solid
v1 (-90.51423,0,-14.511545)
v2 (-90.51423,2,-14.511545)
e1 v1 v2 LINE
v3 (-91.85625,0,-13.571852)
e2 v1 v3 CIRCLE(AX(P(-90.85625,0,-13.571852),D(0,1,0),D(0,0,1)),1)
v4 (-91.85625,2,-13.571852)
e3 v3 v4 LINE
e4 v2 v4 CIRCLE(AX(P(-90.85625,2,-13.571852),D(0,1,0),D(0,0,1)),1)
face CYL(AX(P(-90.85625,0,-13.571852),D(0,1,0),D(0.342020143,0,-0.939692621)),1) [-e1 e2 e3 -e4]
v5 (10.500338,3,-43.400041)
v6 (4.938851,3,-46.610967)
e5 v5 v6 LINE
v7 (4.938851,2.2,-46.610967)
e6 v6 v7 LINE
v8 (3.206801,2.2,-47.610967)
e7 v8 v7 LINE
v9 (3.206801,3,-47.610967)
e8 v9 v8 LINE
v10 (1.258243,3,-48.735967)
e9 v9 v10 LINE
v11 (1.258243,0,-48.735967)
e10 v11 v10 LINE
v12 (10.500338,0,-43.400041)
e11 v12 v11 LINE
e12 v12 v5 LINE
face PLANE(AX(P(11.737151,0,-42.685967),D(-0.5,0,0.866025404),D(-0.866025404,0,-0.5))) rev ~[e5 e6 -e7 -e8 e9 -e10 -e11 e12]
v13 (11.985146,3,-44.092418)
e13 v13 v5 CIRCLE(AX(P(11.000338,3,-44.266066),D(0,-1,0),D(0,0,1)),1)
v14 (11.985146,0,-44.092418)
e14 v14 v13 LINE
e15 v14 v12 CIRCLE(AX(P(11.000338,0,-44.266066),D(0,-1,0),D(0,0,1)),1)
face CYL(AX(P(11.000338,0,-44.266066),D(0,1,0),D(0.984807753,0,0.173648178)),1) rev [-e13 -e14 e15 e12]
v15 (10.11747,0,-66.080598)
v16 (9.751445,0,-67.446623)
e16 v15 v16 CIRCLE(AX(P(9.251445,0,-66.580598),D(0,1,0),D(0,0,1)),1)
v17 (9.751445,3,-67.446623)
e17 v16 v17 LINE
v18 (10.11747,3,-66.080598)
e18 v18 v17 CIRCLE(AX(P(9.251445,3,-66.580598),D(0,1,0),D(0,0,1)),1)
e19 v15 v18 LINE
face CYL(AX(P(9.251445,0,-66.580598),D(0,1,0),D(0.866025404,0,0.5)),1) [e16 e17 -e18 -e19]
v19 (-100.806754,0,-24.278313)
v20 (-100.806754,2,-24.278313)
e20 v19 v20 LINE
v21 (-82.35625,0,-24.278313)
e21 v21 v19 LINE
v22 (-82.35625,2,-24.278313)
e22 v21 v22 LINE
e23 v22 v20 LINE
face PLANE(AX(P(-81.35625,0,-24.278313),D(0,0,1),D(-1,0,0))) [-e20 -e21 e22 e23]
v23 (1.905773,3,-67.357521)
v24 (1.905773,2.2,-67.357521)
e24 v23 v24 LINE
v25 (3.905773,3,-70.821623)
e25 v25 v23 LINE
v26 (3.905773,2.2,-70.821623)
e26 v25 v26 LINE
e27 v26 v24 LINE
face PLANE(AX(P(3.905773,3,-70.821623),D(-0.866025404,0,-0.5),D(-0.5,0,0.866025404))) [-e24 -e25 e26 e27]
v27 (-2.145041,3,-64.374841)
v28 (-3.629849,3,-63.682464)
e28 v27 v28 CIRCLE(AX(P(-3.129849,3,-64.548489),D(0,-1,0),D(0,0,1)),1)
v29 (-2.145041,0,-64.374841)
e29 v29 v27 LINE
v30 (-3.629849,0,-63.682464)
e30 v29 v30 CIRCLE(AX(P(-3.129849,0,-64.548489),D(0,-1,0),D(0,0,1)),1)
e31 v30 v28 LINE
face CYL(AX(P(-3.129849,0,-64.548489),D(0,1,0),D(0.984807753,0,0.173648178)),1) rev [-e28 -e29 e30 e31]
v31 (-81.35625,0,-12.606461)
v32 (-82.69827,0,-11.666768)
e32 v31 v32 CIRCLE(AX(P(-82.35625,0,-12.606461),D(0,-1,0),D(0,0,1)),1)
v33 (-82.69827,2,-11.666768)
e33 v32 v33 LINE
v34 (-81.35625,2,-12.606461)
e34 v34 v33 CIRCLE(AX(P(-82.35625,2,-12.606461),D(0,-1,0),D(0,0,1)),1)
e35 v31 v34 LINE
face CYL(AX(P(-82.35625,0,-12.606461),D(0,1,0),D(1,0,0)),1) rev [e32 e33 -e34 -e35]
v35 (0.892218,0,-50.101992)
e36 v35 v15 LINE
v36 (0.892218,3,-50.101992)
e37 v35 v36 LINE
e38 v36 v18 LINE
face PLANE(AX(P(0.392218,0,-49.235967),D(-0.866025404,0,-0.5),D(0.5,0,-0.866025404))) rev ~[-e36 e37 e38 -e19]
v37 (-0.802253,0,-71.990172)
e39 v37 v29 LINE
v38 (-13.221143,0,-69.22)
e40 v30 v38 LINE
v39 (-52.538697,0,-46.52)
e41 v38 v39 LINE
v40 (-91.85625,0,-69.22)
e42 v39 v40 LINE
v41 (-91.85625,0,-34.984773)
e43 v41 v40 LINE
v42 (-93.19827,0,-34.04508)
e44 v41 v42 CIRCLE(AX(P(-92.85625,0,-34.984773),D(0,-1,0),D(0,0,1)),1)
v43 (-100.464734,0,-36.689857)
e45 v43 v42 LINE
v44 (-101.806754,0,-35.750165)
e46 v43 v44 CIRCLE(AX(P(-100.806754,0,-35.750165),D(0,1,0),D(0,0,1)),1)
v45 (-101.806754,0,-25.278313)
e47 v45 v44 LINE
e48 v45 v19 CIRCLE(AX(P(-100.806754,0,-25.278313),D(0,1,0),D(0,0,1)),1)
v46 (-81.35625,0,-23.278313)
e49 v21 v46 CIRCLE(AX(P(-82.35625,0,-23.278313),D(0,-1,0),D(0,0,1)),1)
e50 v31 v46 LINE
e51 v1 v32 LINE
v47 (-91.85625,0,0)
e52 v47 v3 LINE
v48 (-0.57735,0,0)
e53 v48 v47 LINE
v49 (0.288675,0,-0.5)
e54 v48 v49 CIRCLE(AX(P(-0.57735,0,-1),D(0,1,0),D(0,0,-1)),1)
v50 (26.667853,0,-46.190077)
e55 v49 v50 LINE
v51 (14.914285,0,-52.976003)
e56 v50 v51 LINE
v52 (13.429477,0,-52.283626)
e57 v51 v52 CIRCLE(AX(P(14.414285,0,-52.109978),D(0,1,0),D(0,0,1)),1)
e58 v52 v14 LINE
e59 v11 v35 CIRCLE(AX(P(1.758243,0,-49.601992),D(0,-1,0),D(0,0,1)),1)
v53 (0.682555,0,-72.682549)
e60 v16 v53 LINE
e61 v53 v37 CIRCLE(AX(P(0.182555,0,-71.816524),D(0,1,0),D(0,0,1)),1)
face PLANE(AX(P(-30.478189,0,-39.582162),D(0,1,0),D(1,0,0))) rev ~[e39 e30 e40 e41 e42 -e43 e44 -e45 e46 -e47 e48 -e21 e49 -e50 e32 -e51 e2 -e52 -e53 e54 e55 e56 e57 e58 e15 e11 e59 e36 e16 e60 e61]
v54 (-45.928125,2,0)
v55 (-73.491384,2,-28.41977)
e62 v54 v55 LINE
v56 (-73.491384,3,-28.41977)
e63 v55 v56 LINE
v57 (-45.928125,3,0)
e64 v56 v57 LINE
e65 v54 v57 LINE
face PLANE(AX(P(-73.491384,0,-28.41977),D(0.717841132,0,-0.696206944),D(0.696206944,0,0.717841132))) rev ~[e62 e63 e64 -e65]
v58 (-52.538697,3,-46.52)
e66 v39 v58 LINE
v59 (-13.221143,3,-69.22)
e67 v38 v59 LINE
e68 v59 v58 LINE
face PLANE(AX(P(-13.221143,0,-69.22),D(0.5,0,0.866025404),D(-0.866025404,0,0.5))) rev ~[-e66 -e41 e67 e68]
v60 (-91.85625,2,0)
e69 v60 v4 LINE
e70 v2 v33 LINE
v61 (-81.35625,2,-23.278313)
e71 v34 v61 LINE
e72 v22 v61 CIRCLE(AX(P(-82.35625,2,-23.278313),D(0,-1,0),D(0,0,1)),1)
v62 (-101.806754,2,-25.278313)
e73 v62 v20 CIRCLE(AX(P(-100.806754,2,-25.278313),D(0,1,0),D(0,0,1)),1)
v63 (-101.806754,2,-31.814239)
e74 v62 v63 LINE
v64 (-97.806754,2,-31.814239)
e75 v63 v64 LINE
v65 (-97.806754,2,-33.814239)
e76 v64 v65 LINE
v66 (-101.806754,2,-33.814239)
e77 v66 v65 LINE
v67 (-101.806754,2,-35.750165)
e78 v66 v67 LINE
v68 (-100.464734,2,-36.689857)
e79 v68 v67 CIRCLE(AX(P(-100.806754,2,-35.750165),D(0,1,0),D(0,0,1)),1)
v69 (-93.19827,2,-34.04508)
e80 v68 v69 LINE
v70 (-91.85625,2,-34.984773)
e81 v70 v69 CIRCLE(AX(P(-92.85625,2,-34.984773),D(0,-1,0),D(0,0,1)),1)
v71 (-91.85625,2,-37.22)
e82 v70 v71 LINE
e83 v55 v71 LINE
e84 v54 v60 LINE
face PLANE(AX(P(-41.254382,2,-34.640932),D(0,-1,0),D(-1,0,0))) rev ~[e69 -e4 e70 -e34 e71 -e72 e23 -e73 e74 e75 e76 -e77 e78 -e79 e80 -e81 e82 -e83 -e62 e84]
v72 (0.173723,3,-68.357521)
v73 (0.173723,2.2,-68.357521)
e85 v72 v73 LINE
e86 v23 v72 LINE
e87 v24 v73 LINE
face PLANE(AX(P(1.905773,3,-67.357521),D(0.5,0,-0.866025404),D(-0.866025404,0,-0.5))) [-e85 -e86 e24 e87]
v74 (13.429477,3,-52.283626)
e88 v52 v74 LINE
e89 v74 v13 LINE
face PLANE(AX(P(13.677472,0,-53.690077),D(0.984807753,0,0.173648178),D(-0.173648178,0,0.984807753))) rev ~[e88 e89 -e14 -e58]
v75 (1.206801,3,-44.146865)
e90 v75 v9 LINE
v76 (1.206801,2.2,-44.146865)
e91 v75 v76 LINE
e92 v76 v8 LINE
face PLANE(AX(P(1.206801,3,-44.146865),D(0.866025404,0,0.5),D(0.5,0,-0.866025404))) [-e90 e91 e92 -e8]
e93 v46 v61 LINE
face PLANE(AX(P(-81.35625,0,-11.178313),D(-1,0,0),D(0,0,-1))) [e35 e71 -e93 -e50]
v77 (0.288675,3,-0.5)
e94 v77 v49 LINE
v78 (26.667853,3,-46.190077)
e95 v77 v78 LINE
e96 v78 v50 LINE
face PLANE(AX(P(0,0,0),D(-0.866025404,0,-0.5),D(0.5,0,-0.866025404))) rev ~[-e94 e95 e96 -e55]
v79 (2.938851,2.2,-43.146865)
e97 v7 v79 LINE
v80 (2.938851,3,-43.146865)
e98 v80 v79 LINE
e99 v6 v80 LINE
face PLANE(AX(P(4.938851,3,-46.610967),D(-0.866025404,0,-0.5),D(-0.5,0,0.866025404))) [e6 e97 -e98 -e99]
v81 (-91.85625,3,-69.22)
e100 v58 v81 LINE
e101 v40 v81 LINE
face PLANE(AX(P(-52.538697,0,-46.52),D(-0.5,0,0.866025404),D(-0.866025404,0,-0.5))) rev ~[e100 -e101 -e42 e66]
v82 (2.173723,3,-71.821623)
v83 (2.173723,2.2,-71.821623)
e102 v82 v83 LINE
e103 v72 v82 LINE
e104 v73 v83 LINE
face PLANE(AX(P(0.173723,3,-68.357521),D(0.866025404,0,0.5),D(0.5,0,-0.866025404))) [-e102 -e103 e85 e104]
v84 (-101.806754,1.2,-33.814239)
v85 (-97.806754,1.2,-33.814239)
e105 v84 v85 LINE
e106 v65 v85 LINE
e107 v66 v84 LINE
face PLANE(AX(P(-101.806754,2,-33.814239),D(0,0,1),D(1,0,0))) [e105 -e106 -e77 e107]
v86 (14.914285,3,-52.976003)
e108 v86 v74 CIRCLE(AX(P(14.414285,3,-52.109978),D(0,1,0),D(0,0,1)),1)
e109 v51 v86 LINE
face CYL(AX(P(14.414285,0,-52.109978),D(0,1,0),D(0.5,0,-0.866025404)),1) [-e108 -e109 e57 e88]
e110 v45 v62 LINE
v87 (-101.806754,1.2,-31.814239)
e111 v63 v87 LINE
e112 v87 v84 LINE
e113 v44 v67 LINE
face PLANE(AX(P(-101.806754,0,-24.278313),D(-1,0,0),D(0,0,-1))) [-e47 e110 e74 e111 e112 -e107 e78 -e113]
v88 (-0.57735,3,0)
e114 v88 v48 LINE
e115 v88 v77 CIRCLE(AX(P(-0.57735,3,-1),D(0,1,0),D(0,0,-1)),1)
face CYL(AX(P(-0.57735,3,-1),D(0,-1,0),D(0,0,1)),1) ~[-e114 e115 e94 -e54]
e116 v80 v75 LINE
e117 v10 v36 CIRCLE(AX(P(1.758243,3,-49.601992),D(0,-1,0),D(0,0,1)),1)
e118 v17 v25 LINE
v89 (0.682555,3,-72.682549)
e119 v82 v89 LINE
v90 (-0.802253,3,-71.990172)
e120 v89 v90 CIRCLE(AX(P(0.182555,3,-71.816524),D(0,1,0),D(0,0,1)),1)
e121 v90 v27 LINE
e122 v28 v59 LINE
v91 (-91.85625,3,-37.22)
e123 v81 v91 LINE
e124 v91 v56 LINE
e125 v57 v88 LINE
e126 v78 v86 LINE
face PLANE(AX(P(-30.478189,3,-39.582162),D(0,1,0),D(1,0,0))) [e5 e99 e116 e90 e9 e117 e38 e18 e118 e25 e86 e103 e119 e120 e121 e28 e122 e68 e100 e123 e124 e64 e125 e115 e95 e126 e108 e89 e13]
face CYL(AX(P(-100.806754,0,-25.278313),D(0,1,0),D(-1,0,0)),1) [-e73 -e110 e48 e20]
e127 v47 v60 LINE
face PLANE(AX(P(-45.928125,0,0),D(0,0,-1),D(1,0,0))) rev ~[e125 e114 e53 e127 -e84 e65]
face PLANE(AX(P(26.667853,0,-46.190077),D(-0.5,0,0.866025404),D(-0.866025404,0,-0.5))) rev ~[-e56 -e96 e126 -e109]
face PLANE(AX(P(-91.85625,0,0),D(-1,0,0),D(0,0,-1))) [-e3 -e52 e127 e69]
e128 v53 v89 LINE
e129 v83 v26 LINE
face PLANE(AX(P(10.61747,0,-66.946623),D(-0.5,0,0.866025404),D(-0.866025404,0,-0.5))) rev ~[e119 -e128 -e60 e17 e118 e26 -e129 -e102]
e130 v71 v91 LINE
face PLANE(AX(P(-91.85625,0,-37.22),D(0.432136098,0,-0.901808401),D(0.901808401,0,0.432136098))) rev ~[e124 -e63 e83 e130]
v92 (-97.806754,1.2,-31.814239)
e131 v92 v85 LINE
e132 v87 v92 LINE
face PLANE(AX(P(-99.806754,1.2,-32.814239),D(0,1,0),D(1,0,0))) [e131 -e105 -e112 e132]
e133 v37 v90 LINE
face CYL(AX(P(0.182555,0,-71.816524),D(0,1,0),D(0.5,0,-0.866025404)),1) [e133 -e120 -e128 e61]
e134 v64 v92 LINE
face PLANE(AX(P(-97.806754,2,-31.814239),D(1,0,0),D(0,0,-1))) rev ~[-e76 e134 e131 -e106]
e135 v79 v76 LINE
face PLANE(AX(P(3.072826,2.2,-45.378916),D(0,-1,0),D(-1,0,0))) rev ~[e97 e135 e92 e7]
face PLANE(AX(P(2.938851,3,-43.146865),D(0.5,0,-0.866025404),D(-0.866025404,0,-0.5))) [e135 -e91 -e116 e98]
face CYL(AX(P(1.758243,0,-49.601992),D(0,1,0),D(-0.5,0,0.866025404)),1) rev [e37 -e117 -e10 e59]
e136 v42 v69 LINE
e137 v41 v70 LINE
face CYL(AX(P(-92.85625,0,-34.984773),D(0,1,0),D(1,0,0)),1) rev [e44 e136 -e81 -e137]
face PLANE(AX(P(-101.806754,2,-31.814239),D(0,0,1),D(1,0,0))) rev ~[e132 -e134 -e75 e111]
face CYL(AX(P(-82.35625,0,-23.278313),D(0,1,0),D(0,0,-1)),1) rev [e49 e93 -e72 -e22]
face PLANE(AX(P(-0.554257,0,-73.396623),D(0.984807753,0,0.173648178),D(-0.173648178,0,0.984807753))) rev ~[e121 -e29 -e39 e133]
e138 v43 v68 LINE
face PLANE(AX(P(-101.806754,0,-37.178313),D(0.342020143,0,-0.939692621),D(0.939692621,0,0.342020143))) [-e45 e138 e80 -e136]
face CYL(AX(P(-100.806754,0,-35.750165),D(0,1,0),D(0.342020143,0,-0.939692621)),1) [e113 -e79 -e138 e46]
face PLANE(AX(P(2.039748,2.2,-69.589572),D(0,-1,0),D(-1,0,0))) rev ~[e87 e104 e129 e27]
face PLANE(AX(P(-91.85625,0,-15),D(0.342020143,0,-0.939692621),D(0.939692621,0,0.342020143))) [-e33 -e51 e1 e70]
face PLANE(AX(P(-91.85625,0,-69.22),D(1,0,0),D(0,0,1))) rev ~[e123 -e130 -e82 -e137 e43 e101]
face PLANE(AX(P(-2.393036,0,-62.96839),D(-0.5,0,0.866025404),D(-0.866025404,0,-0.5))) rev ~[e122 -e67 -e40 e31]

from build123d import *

# Parameters (mm, degrees)
P_IDAT_VYSUNUT_M1_DEPTH  = 3
P_IDAT_VYSUNUT_M2_DEPTH  = 2
ZAOBLIT1_R               = 1
SKICA3_W                 = 4
SKICA3_H                 = 2
ODEBRAT_VYSUNUT_M1_DEPTH = 0.8
ODEBRAT_VYSUNUT_M2_DEPTH = 0.8


with BuildPart() as part:
    # Skica1 → P_idat vysunut_m1 (new body)
    with BuildSketch(Plane(origin=(0, 0, 0), x_dir=(1, 0, 0), z_dir=(0, 1, 0))):
        Polygon((26.667853432, 46.190077074), (13.677472376, 53.690077074), (11.737150801, 42.685966604), (0.392218012, 49.235966604), (10.61747027, 66.946623035), (-0.554257439, 73.396623035), (-2.393036353, 62.968389614), (-13.22114317, 69.22), (-52.538696502, 46.52), (-91.856249834, 69.22), (-91.856249834, 37.22), (-73.49138407, 28.419769911), (-45.928124917, 0), (0, 0), align=None)
    extrude(amount=P_IDAT_VYSUNUT_M1_DEPTH)

    # Skica1_15 → P_idat vysunut_m2 (add)
    with BuildSketch(Plane(origin=(0, 0, 0), x_dir=(1, 0, 0), z_dir=(0, 1, 0))):
        Polygon((13.677472376, 53.690077074), (26.667853432, 46.190077074), (0, 0), (-91.856249834, 0), (-91.856249834, 15), (-81.356249834, 11.17831254), (-81.356249834, 24.27831254), (-101.80675435, 24.27831254), (-101.80675435, 37.17831254), (-91.856249834, 33.55662508), (-91.856249834, 69.22), (-52.538696502, 46.52), (-13.22114317, 69.22), (-2.393036353, 62.968389614), (-0.554257439, 73.396623035), (10.61747027, 66.946623035), (0.392218012, 49.235966604), (11.737150801, 42.685966604), align=None)
    extrude(amount=P_IDAT_VYSUNUT_M2_DEPTH)

    # Zaoblit1
    zaoblit1_edges = [part.edges().sort_by_distance(p)[0] for p in [
        (10.61747027, 1.5, -66.946623035),
        (0.392218012, 1.5, -49.235966604),
        (11.737150801, 1.5, -42.685966604),
        (13.677472376, 1.5, -53.690077074),
        (0, 1.5, 0),
        (-2.393036353, 1.5, -62.968389614),
        (-0.554257439, 1.5, -73.396623035),
        (-91.856249834, 1, -33.55662508),
        (-101.80675435, 1, -37.17831254),
        (-101.80675435, 1, -24.27831254),
        (-81.356249834, 1, -24.27831254),
        (-81.356249834, 1, -11.17831254),
        (-91.856249834, 1, -15),
    ]]
    fillet(zaoblit1_edges, radius=ZAOBLIT1_R)

    # Skica3 → Odebrat vysunut_m1 (cut)
    with BuildSketch(Plane(origin=(0, 2, 0), x_dir=(1, 0, 0), z_dir=(0, 1, 0))):
        with Locations((-99.80675435, 32.814238537)):
            Rectangle(SKICA3_W, SKICA3_H)
    extrude(amount=-ODEBRAT_VYSUNUT_M1_DEPTH, mode=Mode.SUBTRACT)

    # Skica4 → Odebrat vysunut_m2 (cut)
    with BuildSketch(Plane(origin=(0, 3, 0), x_dir=(1, 0, 0), z_dir=(0, 1, 0))):
        Polygon((1.206800574, 44.146864989), (3.206800574, 47.610966604), (4.938851381, 46.610966604), (2.938851381, 43.146864989), align=None)
        Polygon((0.173722583, 68.35752142), (2.173722583, 71.821623035), (3.90577339, 70.821623035), (1.90577339, 67.35752142), align=None)
    extrude(amount=-ODEBRAT_VYSUNUT_M2_DEPTH, mode=Mode.SUBTRACT)


solid = part.part
